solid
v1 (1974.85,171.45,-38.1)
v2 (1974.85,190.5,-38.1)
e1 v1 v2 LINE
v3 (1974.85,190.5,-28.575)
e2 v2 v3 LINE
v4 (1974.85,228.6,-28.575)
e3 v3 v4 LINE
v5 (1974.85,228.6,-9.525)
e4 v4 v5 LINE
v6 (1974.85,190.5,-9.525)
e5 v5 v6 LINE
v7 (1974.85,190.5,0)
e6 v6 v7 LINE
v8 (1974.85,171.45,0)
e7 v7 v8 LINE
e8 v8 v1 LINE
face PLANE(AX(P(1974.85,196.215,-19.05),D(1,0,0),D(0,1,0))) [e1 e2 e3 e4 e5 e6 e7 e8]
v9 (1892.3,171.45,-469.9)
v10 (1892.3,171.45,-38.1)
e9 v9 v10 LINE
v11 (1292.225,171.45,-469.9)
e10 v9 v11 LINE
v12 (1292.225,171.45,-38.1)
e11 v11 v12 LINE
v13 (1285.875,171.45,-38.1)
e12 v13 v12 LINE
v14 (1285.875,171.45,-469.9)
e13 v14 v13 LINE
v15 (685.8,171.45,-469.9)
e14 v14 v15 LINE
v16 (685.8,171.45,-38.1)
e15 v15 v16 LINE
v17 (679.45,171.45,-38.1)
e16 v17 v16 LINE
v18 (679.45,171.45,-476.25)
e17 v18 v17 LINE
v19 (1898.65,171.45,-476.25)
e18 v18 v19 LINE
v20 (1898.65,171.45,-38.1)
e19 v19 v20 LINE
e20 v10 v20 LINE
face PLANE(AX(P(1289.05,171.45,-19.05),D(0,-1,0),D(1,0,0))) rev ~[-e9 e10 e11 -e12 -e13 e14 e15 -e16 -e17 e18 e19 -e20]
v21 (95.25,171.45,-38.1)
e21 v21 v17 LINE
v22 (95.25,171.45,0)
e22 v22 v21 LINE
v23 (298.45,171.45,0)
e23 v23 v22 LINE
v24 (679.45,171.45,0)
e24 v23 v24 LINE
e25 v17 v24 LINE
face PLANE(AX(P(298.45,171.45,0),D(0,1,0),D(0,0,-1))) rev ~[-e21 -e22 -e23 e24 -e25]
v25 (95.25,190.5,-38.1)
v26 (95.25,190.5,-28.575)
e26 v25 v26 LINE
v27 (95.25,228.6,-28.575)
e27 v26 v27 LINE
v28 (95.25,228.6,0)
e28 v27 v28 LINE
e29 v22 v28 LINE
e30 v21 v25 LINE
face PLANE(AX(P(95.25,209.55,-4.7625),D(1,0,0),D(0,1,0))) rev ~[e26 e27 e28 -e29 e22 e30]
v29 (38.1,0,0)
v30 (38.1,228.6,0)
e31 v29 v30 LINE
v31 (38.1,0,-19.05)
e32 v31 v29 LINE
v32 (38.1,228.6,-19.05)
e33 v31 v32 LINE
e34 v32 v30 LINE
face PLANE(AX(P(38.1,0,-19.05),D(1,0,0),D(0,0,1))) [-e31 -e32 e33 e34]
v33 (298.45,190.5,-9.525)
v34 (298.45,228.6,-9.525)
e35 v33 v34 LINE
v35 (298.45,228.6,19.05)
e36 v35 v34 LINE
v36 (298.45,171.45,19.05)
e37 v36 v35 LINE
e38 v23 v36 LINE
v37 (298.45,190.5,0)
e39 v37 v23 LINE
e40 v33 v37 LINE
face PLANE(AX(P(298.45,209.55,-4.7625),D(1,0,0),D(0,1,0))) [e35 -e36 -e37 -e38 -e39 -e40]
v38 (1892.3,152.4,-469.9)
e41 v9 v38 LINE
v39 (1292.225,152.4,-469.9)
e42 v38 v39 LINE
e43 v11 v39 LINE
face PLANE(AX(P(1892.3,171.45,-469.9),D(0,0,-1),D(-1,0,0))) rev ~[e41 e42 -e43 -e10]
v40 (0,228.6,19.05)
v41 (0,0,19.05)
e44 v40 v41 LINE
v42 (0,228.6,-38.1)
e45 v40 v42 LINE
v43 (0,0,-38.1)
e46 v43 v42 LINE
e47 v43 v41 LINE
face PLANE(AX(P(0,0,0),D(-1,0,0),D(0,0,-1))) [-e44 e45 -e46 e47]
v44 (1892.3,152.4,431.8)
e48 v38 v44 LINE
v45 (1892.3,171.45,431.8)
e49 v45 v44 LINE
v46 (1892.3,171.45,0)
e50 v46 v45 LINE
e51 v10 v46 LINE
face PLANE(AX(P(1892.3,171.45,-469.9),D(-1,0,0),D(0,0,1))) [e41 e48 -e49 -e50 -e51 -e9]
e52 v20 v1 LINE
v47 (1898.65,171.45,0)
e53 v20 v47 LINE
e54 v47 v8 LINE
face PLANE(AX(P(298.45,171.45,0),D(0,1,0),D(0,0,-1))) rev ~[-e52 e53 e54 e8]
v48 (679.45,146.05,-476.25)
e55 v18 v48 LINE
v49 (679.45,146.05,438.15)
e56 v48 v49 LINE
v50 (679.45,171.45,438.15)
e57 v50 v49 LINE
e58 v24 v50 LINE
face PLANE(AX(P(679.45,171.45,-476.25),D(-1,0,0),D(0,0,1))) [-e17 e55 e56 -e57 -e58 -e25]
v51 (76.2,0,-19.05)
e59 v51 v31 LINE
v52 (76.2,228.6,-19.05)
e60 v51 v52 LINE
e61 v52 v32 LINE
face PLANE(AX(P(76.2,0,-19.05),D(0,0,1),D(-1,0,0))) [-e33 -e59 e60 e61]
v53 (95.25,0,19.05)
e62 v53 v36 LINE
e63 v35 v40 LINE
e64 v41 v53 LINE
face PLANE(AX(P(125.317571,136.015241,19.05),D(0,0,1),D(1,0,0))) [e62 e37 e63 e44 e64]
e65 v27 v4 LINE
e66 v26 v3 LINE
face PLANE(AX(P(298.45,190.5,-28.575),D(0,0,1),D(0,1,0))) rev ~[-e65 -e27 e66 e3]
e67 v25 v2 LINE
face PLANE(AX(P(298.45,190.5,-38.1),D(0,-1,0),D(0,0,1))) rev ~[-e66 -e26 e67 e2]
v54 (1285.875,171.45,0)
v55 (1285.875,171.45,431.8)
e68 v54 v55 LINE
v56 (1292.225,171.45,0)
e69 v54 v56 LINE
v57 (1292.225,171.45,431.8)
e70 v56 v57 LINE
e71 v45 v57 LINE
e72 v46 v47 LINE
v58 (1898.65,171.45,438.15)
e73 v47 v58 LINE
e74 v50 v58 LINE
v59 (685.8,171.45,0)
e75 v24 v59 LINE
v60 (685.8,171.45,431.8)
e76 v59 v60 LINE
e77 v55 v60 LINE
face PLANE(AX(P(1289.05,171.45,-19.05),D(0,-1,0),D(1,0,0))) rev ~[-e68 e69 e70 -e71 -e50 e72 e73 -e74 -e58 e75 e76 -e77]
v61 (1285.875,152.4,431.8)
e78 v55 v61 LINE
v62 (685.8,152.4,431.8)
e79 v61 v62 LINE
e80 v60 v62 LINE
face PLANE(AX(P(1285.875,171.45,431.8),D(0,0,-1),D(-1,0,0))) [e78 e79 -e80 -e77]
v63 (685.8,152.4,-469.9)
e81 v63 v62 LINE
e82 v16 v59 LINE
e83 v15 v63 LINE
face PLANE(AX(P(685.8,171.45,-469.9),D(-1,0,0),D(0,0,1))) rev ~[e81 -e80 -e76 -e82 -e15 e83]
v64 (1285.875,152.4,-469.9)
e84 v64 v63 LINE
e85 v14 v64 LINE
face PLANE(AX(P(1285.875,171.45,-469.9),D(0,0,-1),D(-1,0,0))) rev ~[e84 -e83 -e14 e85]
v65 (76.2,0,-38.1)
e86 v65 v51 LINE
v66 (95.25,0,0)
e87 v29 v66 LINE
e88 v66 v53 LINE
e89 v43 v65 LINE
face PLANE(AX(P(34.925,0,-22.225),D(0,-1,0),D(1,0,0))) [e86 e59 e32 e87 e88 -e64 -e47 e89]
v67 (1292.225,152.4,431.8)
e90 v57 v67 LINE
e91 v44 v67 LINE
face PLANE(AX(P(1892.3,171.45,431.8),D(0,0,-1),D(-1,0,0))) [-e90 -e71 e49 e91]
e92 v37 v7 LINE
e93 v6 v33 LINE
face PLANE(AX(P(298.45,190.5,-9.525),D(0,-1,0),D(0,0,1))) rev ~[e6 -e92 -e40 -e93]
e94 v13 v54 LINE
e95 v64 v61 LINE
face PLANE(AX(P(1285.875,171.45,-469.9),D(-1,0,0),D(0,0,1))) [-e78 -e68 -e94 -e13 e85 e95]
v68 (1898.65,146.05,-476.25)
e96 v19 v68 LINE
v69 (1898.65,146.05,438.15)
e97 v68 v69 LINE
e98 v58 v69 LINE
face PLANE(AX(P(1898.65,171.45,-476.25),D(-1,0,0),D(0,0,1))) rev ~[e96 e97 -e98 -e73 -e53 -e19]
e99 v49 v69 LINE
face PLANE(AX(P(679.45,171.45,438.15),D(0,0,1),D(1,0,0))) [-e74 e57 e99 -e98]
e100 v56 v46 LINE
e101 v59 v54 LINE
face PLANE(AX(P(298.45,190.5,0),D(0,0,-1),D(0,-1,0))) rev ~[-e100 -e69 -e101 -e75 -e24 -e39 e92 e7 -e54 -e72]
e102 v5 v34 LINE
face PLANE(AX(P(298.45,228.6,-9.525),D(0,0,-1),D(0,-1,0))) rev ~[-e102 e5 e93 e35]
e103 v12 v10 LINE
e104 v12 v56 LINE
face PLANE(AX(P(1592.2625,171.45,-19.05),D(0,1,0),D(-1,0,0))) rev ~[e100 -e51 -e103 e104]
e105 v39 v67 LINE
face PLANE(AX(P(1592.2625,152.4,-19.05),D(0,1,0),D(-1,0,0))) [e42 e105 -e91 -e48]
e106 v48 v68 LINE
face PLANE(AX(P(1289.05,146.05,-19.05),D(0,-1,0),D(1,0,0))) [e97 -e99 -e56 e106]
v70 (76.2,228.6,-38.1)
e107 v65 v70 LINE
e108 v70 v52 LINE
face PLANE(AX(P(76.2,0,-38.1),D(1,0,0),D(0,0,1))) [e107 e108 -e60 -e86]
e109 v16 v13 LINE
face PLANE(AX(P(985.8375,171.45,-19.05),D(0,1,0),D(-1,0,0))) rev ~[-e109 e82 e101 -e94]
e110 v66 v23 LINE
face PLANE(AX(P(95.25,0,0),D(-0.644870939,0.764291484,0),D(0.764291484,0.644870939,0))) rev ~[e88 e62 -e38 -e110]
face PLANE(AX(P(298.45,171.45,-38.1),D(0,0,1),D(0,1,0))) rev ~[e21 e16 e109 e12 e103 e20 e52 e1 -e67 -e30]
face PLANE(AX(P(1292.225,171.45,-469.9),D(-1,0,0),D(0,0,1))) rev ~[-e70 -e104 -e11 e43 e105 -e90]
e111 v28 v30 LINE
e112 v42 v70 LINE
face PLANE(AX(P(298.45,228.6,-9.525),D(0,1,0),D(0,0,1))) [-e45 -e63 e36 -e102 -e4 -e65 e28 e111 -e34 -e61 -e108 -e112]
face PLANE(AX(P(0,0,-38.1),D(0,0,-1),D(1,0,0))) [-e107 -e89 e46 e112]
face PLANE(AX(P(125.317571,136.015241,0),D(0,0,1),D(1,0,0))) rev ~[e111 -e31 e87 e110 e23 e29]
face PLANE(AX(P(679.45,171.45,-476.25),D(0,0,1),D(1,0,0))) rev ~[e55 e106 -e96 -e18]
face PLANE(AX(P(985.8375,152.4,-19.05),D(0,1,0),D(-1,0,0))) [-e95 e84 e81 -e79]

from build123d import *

# Parameters (mm, degrees)
F1_DEPTH      = 19.05
F3_DEPTH      = 228.6
F5_DEPTH      = 203.2
F5_DEPTH_BACK = 1676.4
F6_W          = 38.1
F6_H          = 9.525
F7_DEPTH      = 203.2
F8_W          = 1219.2
F8_H          = 914.4
F9_DEPTH      = 25.4
F10_W         = 600.075
F10_H         = 901.7
F11_DEPTH     = 19.05


with BuildPart() as f1:
    # F0 (on Top) → F1 (new body)
    with BuildSketch(Plane.XY):
        Polygon((0, 228.6), (0, 0), (95.25, 0), (298.45, 171.45), (298.45, 228.6), align=None)
    extrude(amount=F1_DEPTH)

    # F2 (on face) → F3 (join)
    with BuildSketch(Plane.XZ):
        Polygon((38.1, 0), (0, 0), (0, -38.1), (38.1, -38.1), (76.2, -38.1), (76.2, -19.05), (38.1, -19.05), align=None)
    extrude(amount=-F3_DEPTH)

    # F4 (on face) → F5 (join, two sides)
    with BuildSketch(Plane.YZ.offset(298.45)) as f5_sk:
        Polygon((190.5, 0), (171.45, 0), (171.45, -38.1), (190.5, -38.1), (190.5, -28.575), (228.6, -28.575), (228.6, -9.525), (190.5, -9.525), align=None)
    extrude(amount=-F5_DEPTH)
    extrude(f5_sk.sketch, amount=F5_DEPTH_BACK)

    # F6 (on face) → F7 (join)
    with BuildSketch(Plane.YZ.offset(298.45)):
        with Locations((209.55, -4.7625)):
            Rectangle(F6_W, F6_H)
    extrude(amount=-F7_DEPTH)

    # F8 (on face) → F9 (join)
    with BuildSketch(Plane.XZ.offset(-171.45)):
        with Locations((1289.05, -19.05)):
            Rectangle(F8_W, F8_H)
    extrude(amount=F9_DEPTH)

    # F10 (on face) → F11 (cut)
    with BuildSketch(Plane(origin=(0, 171.45, 0), x_dir=(-1, 0, 0), z_dir=(0, 1, 0))):
        with Locations((-1592.2625, -19.05)):
            Rectangle(F10_W, F10_H)
        with Locations((-985.8375, -19.05)):
            Rectangle(F10_W, F10_H)
    extrude(amount=-F11_DEPTH, mode=Mode.SUBTRACT)


solid = f1.part
